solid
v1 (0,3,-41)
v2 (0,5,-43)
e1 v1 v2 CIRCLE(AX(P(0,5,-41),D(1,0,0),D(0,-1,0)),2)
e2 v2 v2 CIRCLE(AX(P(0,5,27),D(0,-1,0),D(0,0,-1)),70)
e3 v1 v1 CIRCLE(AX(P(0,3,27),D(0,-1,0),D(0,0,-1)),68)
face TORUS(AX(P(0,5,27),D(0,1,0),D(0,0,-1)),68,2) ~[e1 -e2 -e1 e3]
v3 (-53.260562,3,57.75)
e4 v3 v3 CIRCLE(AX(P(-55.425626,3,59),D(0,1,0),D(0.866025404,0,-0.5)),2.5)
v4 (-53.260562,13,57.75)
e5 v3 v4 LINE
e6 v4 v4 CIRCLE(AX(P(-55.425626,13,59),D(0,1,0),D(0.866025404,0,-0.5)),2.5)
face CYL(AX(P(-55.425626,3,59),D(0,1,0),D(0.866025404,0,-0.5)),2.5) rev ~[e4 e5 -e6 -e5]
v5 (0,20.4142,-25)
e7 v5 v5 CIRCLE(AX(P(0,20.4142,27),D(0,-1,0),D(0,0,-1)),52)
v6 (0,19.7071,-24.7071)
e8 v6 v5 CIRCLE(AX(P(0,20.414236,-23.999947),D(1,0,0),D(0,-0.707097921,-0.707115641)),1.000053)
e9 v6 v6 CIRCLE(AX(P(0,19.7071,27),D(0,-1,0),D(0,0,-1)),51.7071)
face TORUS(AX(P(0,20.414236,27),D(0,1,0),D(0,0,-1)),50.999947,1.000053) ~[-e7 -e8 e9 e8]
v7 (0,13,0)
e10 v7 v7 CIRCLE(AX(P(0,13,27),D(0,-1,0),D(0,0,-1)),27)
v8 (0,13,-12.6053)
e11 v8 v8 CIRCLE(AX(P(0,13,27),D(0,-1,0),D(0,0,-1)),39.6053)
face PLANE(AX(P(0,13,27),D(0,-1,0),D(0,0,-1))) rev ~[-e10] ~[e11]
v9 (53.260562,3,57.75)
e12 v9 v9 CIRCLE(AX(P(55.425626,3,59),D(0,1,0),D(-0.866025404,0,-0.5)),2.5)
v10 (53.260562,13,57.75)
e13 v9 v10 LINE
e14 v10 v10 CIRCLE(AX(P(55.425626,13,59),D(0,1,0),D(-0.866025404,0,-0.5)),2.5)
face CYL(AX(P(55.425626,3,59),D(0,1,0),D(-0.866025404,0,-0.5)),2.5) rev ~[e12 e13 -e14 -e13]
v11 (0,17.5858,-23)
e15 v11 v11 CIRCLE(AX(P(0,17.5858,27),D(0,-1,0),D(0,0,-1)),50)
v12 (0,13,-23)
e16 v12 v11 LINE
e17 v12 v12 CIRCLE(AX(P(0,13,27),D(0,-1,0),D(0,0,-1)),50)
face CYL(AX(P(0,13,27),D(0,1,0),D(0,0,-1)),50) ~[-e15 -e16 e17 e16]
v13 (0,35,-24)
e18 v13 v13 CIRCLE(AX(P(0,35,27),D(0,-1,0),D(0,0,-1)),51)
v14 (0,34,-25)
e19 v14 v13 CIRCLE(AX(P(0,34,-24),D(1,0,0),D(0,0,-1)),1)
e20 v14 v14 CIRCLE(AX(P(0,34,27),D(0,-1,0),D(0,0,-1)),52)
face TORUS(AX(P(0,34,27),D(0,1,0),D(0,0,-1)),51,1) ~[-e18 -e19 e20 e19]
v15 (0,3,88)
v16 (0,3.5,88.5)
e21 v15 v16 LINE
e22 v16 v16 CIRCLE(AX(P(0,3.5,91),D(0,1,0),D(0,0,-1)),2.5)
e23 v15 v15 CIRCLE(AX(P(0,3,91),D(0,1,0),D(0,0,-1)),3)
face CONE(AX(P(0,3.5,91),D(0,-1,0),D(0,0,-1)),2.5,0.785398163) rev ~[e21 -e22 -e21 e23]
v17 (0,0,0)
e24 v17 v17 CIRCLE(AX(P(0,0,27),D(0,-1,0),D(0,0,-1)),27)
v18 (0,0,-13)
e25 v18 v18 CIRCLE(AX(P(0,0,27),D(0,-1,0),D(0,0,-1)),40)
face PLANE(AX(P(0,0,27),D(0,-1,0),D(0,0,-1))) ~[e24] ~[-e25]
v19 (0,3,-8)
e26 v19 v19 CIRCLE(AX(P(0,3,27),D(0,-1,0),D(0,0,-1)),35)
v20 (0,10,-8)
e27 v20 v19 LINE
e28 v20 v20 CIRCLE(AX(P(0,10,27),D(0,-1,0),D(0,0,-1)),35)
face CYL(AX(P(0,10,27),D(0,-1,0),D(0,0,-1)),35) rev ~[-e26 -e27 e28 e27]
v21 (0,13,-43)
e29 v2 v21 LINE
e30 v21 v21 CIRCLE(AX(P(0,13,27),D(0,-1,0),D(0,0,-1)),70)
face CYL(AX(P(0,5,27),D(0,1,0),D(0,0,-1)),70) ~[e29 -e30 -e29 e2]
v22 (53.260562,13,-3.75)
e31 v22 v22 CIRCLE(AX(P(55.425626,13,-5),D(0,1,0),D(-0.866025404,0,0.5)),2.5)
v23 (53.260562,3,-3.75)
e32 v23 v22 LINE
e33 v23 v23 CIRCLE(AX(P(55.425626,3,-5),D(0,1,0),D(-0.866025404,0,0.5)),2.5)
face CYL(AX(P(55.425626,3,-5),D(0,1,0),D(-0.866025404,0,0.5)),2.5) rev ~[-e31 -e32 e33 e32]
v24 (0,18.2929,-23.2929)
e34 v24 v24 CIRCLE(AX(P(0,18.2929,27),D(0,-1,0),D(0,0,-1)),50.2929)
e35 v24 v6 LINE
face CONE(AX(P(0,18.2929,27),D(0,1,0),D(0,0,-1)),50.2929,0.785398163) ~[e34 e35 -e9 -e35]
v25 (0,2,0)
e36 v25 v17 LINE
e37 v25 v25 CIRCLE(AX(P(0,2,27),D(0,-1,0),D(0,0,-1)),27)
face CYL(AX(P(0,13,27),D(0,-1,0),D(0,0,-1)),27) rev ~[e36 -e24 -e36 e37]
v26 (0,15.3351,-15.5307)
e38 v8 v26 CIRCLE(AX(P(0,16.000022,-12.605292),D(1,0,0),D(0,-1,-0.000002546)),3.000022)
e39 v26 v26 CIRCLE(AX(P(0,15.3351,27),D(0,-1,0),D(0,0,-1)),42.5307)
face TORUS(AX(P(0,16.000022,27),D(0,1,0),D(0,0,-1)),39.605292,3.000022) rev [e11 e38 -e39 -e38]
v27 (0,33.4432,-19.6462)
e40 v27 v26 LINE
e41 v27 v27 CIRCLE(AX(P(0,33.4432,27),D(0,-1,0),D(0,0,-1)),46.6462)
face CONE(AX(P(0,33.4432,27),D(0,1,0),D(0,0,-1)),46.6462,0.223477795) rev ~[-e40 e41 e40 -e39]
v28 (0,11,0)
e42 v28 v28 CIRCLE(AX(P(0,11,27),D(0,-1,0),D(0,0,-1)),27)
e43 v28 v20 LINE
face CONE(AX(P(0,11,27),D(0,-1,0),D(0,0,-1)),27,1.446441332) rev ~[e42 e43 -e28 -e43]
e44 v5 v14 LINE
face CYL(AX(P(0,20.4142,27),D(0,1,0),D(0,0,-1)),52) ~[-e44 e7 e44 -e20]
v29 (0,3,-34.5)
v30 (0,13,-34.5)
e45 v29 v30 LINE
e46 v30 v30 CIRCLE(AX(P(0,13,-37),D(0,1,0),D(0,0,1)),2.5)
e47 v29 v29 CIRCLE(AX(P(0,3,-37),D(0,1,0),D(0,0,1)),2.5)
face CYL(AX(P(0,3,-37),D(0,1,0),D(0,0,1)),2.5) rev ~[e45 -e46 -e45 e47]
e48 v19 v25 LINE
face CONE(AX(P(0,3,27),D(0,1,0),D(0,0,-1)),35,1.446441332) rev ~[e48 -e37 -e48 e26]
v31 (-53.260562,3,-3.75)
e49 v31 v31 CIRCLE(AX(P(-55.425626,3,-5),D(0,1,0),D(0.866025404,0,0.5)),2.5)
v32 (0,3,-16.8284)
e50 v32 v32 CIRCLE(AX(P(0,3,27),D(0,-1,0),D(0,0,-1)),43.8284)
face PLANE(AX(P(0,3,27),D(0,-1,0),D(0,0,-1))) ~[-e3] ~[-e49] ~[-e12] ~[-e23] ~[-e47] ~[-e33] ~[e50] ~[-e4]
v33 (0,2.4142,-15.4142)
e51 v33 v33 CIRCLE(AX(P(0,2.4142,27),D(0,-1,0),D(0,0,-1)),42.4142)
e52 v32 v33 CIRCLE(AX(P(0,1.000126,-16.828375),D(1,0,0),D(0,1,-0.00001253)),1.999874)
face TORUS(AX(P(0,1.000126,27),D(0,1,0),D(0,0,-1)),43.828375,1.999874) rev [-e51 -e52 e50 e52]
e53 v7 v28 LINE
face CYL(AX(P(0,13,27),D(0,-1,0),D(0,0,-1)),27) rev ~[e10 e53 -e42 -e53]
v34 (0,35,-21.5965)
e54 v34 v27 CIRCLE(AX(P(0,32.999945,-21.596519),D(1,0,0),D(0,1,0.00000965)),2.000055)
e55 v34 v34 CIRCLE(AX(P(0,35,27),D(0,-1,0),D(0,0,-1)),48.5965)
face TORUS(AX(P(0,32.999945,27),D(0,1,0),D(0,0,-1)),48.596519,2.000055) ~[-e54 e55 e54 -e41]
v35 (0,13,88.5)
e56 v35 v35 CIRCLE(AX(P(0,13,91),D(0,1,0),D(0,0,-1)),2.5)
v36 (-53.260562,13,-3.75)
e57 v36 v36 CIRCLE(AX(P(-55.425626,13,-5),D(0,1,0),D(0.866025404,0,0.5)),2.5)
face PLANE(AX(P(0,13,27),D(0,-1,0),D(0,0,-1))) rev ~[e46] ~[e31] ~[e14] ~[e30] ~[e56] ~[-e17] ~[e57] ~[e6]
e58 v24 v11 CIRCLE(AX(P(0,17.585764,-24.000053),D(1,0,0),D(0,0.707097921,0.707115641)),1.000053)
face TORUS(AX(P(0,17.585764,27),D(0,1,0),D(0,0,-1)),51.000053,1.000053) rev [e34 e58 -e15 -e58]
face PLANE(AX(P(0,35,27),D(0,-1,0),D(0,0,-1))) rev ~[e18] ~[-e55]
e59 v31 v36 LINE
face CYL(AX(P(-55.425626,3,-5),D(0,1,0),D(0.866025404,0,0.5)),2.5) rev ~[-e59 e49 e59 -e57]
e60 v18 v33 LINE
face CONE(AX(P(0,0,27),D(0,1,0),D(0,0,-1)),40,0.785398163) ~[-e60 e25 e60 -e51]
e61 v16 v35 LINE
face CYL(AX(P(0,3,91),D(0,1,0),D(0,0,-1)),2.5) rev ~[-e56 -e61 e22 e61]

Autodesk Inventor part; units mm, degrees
ref_plane "YZ Plane" through (0, 0, 0) normal (1, 0, 0) x (0, 1, 0)
ref_plane "XZ Plane" through (0, 0, 0) normal (0, 1, 0) x (-1, 0, 0)
ref_plane "XY Plane" through (0, 0, 0) normal (0, 0, 1) x (1, 0, 0)
sketch "Sketch1" plane through (0, 0, 0) normal (1, 0, 0) x (0, 1, 0)
  line L0 (0, 0) -> (0, -13)
  line L1 (0, -13) -> (0, -13)
  line L2 (3, -16.8284) -> (3, -41)
  line L3 (5, -43) -> (13, -43)
  line L4 (13, -43) -> (13, -23)
  line L5 (13, -23) -> (17.5858, -23)
  line L6 (18.2929, -23.2929) -> (19.7071, -24.7071)
  line L7 (20.4142, -25) -> (34, -25)
  line L8 (35, -24) -> (35, -21.5965)
  line L9 (13, -12.6053) -> (13, 0)
  arc A0 (34, -25) -> (35, -24) centre (34, -24) ccw
  arc A1 (19.7071, -24.7071) -> (20.4142, -25) centre (20.4142, -24) ccw
  arc A2 (18.2929, -23.2929) -> (17.5858, -23) centre (17.5858, -24) ccw
  arc A3 (3, -41) -> (5, -43) centre (5, -41) ccw
  line L10 (0, -13) -> (2.4142, -15.4142)
  arc A4 (3, -16.8284) -> (2.4142, -15.4142) centre (1, -16.8284) ccw
  line L11 (33.4432, -19.6462) -> (15.3351, -15.5307)
  line L12 (13, 0) -> (0, 0)
  arc A5 (35, -21.5965) -> (33.4432, -19.6462) centre (33, -21.5965) ccw
  arc A6 (13, -12.6053) -> (15.3351, -15.5307) centre (16, -12.6053) ccw
  line L13 (64.2413, 27) -> (-63.4715, 27)
  line L14 (11, 0) -> (2, 0) construction
  line L15 (11, 0) -> (13, 0)
  line L16 (2, 0) -> (0, 0)
  line L17 (11, 0) -> (10, -8)
  line L18 (10, -8) -> (3, -8)
  line L19 (3, -8) -> (2, 0)
  line L20 (6.5, 0) -> (6.5, -8) construction
  line L21 (13, -1) -> (10.875, -1)
  line L22 (2.125, -1) -> (0, -1)
  point P0 (3, -13)
  point P1 (3, -43)
  point P2 (18, -23)
  point P3 (20, -25)
  point P4 (35, -25)
  point P5 (35, -18)
  point P6 (13, -18)
  point P7 (11.9375, -1)
  dimension "d0" = 32
  dimension "d1" = 10
  dimension "d2" = 13
  dimension "d3" = 3
  dimension "d5" = 20
  dimension "d6" = 5
  dimension "d7" = 2
  dimension "d8" = 2
  dimension "d9" = 22
  dimension "d10" = 7
  dimension "d14" = 1
  dimension "d15" = 1
  dimension "d16" = 2
  dimension "d17" = 2
  dimension "d18" = 2
  dimension "d19" = 3
  dimension "d20" = 140
  dimension "d36" = 7
  dimension "d37" = 2
  dimension "d38" = 0
  dimension "d39" = 8
  dimension "d40" = 1
  dimension "d41" = 1
revolve "Revolution1" add sketch "Sketch1" angle 360 about axis through (0, 64.2413, 27) along (0, -1, 0) contours L12 L19 L22 L0 | L22 L19 L18 L17 L21 L9 A6 L11 A5 L8 A0 L7 A1 L6 A2 L5 L4 L3 A3 L2 A4 L10 L0 | L12 L9 L21 L17
sketch "Sketch2" plane through (0, 3, 27) normal (0, -1, 0) x (1, 0, 0)
  circle A0 centre (0, 0) radius 64 construction
  point P0 (0, -27)
  point P1 (0, 64)
  point P2 (0, 64)
  dimension "d22" = 128
hole "Hole1" at (0, 3, 91) direction (0, 1, 0) diameter 5 end through all
chamfer "Chamfer1" distance 0.5 angle 45 1 edges at (0, 3, 93.5)
pattern_circular "Circular Pattern1" count 6 over 360 about axis through (0, 9, 27) along (0, -1, 0) of "Hole1"
properties part number "40_Nap_o_thung"
